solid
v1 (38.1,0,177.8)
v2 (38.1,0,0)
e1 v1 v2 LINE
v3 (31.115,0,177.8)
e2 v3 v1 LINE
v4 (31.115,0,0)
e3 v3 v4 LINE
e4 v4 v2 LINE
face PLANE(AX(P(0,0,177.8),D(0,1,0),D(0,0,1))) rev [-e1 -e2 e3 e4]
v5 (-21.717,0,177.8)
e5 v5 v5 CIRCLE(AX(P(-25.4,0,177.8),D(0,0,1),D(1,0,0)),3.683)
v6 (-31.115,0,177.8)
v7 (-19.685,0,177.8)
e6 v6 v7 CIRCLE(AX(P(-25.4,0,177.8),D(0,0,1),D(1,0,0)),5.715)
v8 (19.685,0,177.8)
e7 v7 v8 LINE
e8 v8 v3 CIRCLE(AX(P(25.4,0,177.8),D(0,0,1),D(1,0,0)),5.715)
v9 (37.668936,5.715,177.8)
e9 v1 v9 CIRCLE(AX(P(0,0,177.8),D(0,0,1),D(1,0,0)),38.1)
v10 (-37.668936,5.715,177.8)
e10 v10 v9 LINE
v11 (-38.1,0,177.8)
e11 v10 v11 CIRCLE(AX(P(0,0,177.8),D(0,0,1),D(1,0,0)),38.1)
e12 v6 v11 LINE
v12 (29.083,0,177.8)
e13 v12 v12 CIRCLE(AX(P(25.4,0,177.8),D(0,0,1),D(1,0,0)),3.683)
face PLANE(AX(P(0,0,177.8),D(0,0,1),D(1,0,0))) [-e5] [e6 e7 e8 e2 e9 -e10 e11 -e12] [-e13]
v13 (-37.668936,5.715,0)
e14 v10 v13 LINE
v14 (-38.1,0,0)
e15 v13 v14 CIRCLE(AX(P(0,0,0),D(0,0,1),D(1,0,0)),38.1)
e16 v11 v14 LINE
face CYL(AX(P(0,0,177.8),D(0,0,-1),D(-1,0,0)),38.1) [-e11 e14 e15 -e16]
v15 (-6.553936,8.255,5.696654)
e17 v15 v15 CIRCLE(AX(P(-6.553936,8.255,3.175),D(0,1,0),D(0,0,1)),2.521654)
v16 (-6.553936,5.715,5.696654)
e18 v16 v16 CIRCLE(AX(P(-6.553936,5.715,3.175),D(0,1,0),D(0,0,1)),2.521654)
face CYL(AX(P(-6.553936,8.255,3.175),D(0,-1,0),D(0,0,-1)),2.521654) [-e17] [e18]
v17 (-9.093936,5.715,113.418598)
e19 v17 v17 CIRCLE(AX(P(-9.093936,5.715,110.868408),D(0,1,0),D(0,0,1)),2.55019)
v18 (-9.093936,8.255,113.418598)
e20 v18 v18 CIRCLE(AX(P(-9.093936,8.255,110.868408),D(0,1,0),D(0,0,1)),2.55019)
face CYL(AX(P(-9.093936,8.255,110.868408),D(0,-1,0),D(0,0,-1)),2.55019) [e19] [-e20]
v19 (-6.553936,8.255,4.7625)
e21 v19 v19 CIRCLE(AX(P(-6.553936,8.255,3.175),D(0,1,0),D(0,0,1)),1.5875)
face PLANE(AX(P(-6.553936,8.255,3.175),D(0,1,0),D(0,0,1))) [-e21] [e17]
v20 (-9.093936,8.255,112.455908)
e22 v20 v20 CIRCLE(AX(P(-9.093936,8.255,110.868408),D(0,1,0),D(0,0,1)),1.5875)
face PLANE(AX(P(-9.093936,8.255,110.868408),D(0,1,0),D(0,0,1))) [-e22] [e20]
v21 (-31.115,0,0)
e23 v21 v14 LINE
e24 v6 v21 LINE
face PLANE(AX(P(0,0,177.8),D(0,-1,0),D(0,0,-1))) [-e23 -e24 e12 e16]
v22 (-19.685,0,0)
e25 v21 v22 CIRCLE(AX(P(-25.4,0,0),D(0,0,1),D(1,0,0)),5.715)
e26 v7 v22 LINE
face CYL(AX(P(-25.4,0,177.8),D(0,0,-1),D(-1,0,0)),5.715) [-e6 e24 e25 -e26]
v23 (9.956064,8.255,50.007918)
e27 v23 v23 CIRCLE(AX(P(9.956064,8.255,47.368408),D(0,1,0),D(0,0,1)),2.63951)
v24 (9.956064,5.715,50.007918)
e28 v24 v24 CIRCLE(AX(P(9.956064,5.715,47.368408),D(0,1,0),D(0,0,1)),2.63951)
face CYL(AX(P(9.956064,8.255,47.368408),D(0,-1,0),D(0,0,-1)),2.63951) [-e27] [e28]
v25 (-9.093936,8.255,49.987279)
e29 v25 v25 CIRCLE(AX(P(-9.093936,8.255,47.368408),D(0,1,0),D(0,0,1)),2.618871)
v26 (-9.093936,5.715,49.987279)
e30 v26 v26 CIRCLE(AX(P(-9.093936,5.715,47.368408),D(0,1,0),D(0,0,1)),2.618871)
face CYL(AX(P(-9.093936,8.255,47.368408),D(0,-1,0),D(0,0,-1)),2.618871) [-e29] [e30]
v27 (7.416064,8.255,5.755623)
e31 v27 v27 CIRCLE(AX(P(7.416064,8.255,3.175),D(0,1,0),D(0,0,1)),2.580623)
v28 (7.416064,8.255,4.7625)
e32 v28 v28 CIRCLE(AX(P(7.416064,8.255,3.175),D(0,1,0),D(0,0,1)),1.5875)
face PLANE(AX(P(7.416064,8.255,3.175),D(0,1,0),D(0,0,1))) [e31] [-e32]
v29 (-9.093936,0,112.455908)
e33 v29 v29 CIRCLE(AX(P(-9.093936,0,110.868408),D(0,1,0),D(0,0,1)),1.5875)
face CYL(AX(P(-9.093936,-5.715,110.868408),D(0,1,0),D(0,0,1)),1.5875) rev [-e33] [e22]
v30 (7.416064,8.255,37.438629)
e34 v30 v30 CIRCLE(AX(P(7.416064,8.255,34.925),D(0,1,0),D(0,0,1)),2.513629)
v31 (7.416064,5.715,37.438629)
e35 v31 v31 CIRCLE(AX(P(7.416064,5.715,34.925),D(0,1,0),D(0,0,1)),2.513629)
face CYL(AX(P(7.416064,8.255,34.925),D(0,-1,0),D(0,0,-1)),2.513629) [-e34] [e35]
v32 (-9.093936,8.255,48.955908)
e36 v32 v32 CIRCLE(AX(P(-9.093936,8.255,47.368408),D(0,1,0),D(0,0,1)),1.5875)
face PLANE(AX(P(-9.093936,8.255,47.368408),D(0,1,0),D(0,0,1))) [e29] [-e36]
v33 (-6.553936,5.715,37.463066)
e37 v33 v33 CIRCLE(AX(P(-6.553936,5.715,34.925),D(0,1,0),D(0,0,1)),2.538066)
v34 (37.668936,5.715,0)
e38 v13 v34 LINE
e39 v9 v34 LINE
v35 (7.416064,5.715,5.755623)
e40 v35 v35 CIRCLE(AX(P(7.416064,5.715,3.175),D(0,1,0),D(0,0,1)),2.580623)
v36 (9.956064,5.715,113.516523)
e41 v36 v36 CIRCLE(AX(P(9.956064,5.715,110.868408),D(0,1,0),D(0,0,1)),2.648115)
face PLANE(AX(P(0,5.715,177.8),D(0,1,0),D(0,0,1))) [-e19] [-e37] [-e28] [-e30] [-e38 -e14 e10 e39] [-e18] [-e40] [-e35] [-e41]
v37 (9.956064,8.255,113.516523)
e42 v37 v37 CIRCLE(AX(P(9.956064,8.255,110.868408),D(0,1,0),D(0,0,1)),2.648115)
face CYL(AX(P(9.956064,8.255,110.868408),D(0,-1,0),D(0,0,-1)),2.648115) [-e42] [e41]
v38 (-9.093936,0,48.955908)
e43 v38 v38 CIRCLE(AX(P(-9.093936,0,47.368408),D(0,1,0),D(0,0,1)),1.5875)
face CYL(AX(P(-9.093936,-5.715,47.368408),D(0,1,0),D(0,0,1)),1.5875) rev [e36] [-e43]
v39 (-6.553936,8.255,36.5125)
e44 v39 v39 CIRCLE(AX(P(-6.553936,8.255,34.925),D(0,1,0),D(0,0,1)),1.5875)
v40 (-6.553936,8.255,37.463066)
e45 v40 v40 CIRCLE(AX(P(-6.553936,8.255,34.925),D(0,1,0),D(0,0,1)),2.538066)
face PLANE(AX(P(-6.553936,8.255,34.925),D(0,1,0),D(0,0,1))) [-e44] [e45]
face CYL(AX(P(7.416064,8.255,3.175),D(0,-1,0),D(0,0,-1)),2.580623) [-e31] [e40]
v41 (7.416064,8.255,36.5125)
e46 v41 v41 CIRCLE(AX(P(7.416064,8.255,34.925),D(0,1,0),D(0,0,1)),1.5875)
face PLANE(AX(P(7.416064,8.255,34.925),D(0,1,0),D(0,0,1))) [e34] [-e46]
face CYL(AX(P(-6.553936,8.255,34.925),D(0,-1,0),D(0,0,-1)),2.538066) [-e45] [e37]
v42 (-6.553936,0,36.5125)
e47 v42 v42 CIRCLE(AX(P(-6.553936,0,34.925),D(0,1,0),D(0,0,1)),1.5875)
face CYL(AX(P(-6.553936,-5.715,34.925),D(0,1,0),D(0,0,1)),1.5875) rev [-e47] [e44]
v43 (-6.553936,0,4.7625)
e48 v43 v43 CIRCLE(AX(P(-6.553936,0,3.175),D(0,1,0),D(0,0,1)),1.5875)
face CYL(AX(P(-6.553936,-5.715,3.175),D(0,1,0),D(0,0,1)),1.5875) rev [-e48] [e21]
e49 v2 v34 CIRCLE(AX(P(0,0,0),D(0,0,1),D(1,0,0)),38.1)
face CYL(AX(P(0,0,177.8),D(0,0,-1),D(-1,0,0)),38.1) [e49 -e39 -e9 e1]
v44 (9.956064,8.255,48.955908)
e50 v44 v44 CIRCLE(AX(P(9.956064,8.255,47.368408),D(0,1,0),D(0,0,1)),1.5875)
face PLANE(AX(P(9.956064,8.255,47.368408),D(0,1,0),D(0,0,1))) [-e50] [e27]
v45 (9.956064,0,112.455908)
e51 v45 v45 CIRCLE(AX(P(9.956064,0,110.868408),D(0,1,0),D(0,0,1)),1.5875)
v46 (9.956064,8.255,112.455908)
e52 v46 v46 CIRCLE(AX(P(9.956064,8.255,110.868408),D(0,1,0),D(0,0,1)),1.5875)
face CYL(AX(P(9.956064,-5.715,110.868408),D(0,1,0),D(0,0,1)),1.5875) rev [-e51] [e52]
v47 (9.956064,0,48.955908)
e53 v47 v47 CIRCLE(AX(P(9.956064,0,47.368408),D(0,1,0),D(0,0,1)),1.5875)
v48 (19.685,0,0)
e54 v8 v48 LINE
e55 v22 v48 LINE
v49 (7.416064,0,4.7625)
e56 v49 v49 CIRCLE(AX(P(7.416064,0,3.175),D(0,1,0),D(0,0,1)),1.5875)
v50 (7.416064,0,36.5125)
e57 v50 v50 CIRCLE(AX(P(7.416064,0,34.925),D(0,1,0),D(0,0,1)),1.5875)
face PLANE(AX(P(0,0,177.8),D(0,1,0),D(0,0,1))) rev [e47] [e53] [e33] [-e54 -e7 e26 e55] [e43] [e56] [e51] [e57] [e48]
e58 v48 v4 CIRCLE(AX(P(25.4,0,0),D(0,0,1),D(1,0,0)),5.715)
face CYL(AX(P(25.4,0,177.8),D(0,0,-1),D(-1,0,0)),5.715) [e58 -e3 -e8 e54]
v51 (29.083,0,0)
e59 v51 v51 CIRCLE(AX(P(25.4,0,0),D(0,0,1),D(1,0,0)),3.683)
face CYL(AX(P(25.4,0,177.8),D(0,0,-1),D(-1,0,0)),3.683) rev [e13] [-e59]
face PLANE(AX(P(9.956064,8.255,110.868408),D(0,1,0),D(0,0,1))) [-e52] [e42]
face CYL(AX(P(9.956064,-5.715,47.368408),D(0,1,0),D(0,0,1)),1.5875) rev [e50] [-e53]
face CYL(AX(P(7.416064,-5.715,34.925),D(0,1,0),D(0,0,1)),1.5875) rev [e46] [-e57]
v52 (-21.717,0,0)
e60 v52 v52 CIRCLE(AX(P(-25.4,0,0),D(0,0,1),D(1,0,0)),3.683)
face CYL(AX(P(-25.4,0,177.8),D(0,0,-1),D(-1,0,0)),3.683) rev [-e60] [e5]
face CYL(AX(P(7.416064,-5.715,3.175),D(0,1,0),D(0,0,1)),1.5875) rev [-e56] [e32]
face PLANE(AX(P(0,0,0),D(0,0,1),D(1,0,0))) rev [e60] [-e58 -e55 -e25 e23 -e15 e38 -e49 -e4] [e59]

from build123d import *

# Parameters (mm, degrees)
SKETCH1_R           = 5.715
SKETCH1_R_2         = 3.683
BOSS_EXTRUDE2_DEPTH = 177.8
SKETCH2_R           = 1.5875
CUT_EXTRUDE1_DEPTH  = 183.195210969
BOSS_EXTRUDE4_START = 2.54
SKETCH3_R           = 2.521654131
SKETCH3_R_2         = 1.5875
SKETCH3_R_3         = 2.580622747
SKETCH3_R_4         = 2.513629008
SKETCH3_R_5         = 2.53806637
BOSS_EXTRUDE4_DEPTH = 2.54
SKETCH4_R           = 1.5875
CUT_EXTRUDE2_DEPTH  = 183.195210969
BOSS_EXTRUDE5_START = 2.54
SKETCH5_R           = 2.618871397
SKETCH5_R_2         = 1.5875
SKETCH5_R_3         = 2.639509757
SKETCH5_R_4         = 2.648115463
SKETCH5_R_5         = 2.550190152
BOSS_EXTRUDE5_DEPTH = 2.54


with BuildPart() as part:
    # Sketch1 → Boss-Extrude2 (new body)
    # profile 1 of 5: a face of its own
    with BuildSketch(Plane.XY):
        with BuildLine():
            Line((25.4, 5.715), (-25.4, 5.715))
            ThreePointArc((-25.4, 5.715), (-21.358884746, 4.041115254), (-19.685, 0))
            Line((-19.685, 0), (19.685, 0))
            ThreePointArc((19.685, 0), (21.358884746, 4.041115254), (25.4, 5.715))
        make_face()
    # profile 2 of 5: a face of its own
    with BuildSketch(Plane.XY):
        with Locations((-25.4, 0)):
            Circle(SKETCH1_R)
        with Locations((-25.4, 0)):
            Circle(SKETCH1_R_2, mode=Mode.SUBTRACT)
    # profile 3 of 5: a face of its own
    with BuildSketch(Plane.XY):
        with Locations((25.4, 0)):
            Circle(SKETCH1_R)
        with Locations((25.4, 0)):
            Circle(SKETCH1_R_2, mode=Mode.SUBTRACT)
    # profile 4 of 5: a face of its own
    with BuildSketch(Plane.XY):
        with BuildLine():
            ThreePointArc((-31.115, 0), (-29.441115254, 4.041115254), (-25.4, 5.715))
            Line((-25.4, 5.715), (-37.668936473, 5.715))
            ThreePointArc((-37.668936473, 5.715), (-37.992081278, 2.865616895), (-38.1, 0))
            Line((-38.1, 0), (-31.115, 0))
        make_face()
    # profile 5 of 5: a face of its own
    with BuildSketch(Plane.XY):
        with BuildLine():
            Line((37.668936473, 5.715), (25.4, 5.715))
            ThreePointArc((25.4, 5.715), (29.441115254, 4.041115254), (31.115, 0))
            Line((31.115, 0), (38.1, 0))
            ThreePointArc((38.1, 0), (37.992081278, 2.865616895), (37.668936473, 5.715))
        make_face()
    extrude(amount=BOSS_EXTRUDE2_DEPTH)

    # Sketch2 → Cut-Extrude1 (cut, through all)
    with BuildSketch(Plane(origin=(0, 5.715, 0), x_dir=(1, 0, 0), z_dir=(0, 1, 0))):
        with Locations(Location((-6.553936473, -3.175, 0), (0, 0, 270))):
            Circle(SKETCH2_R)
        with Locations(Location((7.416063527, -3.175, 0), (0, 0, 270))):
            Circle(SKETCH2_R)
        with Locations(Location((-6.553936473, -34.925, 0), (0, 0, 270))):
            Circle(SKETCH2_R)
        with Locations(Location((7.416063527, -34.925, 0), (0, 0, 270))):
            Circle(SKETCH2_R)
    extrude(amount=-CUT_EXTRUDE1_DEPTH, mode=Mode.SUBTRACT)

    # Sketch3 → Boss-Extrude4 (add)
    # profile 1 of 4: a face of its own
    with BuildSketch(Plane(origin=(0, 5.715, 0), x_dir=(1, 0, 0), z_dir=(0, 1, 0)).offset(BOSS_EXTRUDE4_START)):
        with Locations(Location((-6.553936473, -3.175, 0), (0, 0, 270))):
            Circle(SKETCH3_R)
        with Locations(Location((-6.553936473, -3.175, 0), (0, 0, 270))):
            Circle(SKETCH3_R_2, mode=Mode.SUBTRACT)
    # profile 2 of 4: a face of its own
    with BuildSketch(Plane(origin=(0, 5.715, 0), x_dir=(1, 0, 0), z_dir=(0, 1, 0)).offset(BOSS_EXTRUDE4_START)):
        with Locations(Location((7.416063527, -3.175, 0), (0, 0, 270))):
            Circle(SKETCH3_R_3)
        with Locations(Location((7.416063527, -3.175, 0), (0, 0, 270))):
            Circle(SKETCH3_R_2, mode=Mode.SUBTRACT)
    # profile 3 of 4: a face of its own
    with BuildSketch(Plane(origin=(0, 5.715, 0), x_dir=(1, 0, 0), z_dir=(0, 1, 0)).offset(BOSS_EXTRUDE4_START)):
        with Locations(Location((7.416063527, -34.925, 0), (0, 0, 270))):
            Circle(SKETCH3_R_4)
        with Locations(Location((7.416063527, -34.925, 0), (0, 0, 270))):
            Circle(SKETCH3_R_2, mode=Mode.SUBTRACT)
    # profile 4 of 4: a face of its own
    with BuildSketch(Plane(origin=(0, 5.715, 0), x_dir=(1, 0, 0), z_dir=(0, 1, 0)).offset(BOSS_EXTRUDE4_START)):
        with Locations(Location((-6.553936473, -34.925, 0), (0, 0, 270))):
            Circle(SKETCH3_R_5)
        with Locations(Location((-6.553936473, -34.925, 0), (0, 0, 270))):
            Circle(SKETCH3_R_2, mode=Mode.SUBTRACT)
    extrude(amount=-BOSS_EXTRUDE4_DEPTH)

    # Sketch4 → Cut-Extrude2 (cut, through all)
    with BuildSketch(Plane(origin=(0, 5.715, 0), x_dir=(1, 0, 0), z_dir=(0, 1, 0))):
        with Locations(Location((-9.093936473, -47.368407893, 0), (0, 0, 270))):
            Circle(SKETCH4_R)
        with Locations(Location((9.956063527, -47.368407893, 0), (0, 0, 270))):
            Circle(SKETCH4_R)
        with Locations(Location((9.956063527, -110.868407893, 0), (0, 0, 270))):
            Circle(SKETCH4_R)
        with Locations(Location((-9.093936473, -110.868407893, 0), (0, 0, 270))):
            Circle(SKETCH4_R)
    extrude(amount=-CUT_EXTRUDE2_DEPTH, mode=Mode.SUBTRACT)

    # Sketch5 → Boss-Extrude5 (add)
    # profile 1 of 4: a face of its own
    with BuildSketch(Plane(origin=(0, 5.715, 0), x_dir=(1, 0, 0), z_dir=(0, 1, 0)).offset(BOSS_EXTRUDE5_START)):
        with Locations(Location((-9.093936473, -47.368407893, 0), (0, 0, 270))):
            Circle(SKETCH5_R)
        with Locations(Location((-9.093936473, -47.368407893, 0), (0, 0, 270))):
            Circle(SKETCH5_R_2, mode=Mode.SUBTRACT)
    # profile 2 of 4: a face of its own
    with BuildSketch(Plane(origin=(0, 5.715, 0), x_dir=(1, 0, 0), z_dir=(0, 1, 0)).offset(BOSS_EXTRUDE5_START)):
        with Locations(Location((9.956063527, -47.368407893, 0), (0, 0, 270))):
            Circle(SKETCH5_R_3)
        with Locations(Location((9.956063527, -47.368407893, 0), (0, 0, 270))):
            Circle(SKETCH5_R_2, mode=Mode.SUBTRACT)
    # profile 3 of 4: a face of its own
    with BuildSketch(Plane(origin=(0, 5.715, 0), x_dir=(1, 0, 0), z_dir=(0, 1, 0)).offset(BOSS_EXTRUDE5_START)):
        with Locations(Location((9.956063527, -110.868407893, 0), (0, 0, 270))):
            Circle(SKETCH5_R_4)
        with Locations(Location((9.956063527, -110.868407893, 0), (0, 0, 270))):
            Circle(SKETCH5_R_2, mode=Mode.SUBTRACT)
    # profile 4 of 4: a face of its own
    with BuildSketch(Plane(origin=(0, 5.715, 0), x_dir=(1, 0, 0), z_dir=(0, 1, 0)).offset(BOSS_EXTRUDE5_START)):
        with Locations(Location((-9.093936473, -110.868407893, 0), (0, 0, 270))):
            Circle(SKETCH5_R_5)
        with Locations(Location((-9.093936473, -110.868407893, 0), (0, 0, 270))):
            Circle(SKETCH5_R_2, mode=Mode.SUBTRACT)
    extrude(amount=-BOSS_EXTRUDE5_DEPTH)


solid = part.part
